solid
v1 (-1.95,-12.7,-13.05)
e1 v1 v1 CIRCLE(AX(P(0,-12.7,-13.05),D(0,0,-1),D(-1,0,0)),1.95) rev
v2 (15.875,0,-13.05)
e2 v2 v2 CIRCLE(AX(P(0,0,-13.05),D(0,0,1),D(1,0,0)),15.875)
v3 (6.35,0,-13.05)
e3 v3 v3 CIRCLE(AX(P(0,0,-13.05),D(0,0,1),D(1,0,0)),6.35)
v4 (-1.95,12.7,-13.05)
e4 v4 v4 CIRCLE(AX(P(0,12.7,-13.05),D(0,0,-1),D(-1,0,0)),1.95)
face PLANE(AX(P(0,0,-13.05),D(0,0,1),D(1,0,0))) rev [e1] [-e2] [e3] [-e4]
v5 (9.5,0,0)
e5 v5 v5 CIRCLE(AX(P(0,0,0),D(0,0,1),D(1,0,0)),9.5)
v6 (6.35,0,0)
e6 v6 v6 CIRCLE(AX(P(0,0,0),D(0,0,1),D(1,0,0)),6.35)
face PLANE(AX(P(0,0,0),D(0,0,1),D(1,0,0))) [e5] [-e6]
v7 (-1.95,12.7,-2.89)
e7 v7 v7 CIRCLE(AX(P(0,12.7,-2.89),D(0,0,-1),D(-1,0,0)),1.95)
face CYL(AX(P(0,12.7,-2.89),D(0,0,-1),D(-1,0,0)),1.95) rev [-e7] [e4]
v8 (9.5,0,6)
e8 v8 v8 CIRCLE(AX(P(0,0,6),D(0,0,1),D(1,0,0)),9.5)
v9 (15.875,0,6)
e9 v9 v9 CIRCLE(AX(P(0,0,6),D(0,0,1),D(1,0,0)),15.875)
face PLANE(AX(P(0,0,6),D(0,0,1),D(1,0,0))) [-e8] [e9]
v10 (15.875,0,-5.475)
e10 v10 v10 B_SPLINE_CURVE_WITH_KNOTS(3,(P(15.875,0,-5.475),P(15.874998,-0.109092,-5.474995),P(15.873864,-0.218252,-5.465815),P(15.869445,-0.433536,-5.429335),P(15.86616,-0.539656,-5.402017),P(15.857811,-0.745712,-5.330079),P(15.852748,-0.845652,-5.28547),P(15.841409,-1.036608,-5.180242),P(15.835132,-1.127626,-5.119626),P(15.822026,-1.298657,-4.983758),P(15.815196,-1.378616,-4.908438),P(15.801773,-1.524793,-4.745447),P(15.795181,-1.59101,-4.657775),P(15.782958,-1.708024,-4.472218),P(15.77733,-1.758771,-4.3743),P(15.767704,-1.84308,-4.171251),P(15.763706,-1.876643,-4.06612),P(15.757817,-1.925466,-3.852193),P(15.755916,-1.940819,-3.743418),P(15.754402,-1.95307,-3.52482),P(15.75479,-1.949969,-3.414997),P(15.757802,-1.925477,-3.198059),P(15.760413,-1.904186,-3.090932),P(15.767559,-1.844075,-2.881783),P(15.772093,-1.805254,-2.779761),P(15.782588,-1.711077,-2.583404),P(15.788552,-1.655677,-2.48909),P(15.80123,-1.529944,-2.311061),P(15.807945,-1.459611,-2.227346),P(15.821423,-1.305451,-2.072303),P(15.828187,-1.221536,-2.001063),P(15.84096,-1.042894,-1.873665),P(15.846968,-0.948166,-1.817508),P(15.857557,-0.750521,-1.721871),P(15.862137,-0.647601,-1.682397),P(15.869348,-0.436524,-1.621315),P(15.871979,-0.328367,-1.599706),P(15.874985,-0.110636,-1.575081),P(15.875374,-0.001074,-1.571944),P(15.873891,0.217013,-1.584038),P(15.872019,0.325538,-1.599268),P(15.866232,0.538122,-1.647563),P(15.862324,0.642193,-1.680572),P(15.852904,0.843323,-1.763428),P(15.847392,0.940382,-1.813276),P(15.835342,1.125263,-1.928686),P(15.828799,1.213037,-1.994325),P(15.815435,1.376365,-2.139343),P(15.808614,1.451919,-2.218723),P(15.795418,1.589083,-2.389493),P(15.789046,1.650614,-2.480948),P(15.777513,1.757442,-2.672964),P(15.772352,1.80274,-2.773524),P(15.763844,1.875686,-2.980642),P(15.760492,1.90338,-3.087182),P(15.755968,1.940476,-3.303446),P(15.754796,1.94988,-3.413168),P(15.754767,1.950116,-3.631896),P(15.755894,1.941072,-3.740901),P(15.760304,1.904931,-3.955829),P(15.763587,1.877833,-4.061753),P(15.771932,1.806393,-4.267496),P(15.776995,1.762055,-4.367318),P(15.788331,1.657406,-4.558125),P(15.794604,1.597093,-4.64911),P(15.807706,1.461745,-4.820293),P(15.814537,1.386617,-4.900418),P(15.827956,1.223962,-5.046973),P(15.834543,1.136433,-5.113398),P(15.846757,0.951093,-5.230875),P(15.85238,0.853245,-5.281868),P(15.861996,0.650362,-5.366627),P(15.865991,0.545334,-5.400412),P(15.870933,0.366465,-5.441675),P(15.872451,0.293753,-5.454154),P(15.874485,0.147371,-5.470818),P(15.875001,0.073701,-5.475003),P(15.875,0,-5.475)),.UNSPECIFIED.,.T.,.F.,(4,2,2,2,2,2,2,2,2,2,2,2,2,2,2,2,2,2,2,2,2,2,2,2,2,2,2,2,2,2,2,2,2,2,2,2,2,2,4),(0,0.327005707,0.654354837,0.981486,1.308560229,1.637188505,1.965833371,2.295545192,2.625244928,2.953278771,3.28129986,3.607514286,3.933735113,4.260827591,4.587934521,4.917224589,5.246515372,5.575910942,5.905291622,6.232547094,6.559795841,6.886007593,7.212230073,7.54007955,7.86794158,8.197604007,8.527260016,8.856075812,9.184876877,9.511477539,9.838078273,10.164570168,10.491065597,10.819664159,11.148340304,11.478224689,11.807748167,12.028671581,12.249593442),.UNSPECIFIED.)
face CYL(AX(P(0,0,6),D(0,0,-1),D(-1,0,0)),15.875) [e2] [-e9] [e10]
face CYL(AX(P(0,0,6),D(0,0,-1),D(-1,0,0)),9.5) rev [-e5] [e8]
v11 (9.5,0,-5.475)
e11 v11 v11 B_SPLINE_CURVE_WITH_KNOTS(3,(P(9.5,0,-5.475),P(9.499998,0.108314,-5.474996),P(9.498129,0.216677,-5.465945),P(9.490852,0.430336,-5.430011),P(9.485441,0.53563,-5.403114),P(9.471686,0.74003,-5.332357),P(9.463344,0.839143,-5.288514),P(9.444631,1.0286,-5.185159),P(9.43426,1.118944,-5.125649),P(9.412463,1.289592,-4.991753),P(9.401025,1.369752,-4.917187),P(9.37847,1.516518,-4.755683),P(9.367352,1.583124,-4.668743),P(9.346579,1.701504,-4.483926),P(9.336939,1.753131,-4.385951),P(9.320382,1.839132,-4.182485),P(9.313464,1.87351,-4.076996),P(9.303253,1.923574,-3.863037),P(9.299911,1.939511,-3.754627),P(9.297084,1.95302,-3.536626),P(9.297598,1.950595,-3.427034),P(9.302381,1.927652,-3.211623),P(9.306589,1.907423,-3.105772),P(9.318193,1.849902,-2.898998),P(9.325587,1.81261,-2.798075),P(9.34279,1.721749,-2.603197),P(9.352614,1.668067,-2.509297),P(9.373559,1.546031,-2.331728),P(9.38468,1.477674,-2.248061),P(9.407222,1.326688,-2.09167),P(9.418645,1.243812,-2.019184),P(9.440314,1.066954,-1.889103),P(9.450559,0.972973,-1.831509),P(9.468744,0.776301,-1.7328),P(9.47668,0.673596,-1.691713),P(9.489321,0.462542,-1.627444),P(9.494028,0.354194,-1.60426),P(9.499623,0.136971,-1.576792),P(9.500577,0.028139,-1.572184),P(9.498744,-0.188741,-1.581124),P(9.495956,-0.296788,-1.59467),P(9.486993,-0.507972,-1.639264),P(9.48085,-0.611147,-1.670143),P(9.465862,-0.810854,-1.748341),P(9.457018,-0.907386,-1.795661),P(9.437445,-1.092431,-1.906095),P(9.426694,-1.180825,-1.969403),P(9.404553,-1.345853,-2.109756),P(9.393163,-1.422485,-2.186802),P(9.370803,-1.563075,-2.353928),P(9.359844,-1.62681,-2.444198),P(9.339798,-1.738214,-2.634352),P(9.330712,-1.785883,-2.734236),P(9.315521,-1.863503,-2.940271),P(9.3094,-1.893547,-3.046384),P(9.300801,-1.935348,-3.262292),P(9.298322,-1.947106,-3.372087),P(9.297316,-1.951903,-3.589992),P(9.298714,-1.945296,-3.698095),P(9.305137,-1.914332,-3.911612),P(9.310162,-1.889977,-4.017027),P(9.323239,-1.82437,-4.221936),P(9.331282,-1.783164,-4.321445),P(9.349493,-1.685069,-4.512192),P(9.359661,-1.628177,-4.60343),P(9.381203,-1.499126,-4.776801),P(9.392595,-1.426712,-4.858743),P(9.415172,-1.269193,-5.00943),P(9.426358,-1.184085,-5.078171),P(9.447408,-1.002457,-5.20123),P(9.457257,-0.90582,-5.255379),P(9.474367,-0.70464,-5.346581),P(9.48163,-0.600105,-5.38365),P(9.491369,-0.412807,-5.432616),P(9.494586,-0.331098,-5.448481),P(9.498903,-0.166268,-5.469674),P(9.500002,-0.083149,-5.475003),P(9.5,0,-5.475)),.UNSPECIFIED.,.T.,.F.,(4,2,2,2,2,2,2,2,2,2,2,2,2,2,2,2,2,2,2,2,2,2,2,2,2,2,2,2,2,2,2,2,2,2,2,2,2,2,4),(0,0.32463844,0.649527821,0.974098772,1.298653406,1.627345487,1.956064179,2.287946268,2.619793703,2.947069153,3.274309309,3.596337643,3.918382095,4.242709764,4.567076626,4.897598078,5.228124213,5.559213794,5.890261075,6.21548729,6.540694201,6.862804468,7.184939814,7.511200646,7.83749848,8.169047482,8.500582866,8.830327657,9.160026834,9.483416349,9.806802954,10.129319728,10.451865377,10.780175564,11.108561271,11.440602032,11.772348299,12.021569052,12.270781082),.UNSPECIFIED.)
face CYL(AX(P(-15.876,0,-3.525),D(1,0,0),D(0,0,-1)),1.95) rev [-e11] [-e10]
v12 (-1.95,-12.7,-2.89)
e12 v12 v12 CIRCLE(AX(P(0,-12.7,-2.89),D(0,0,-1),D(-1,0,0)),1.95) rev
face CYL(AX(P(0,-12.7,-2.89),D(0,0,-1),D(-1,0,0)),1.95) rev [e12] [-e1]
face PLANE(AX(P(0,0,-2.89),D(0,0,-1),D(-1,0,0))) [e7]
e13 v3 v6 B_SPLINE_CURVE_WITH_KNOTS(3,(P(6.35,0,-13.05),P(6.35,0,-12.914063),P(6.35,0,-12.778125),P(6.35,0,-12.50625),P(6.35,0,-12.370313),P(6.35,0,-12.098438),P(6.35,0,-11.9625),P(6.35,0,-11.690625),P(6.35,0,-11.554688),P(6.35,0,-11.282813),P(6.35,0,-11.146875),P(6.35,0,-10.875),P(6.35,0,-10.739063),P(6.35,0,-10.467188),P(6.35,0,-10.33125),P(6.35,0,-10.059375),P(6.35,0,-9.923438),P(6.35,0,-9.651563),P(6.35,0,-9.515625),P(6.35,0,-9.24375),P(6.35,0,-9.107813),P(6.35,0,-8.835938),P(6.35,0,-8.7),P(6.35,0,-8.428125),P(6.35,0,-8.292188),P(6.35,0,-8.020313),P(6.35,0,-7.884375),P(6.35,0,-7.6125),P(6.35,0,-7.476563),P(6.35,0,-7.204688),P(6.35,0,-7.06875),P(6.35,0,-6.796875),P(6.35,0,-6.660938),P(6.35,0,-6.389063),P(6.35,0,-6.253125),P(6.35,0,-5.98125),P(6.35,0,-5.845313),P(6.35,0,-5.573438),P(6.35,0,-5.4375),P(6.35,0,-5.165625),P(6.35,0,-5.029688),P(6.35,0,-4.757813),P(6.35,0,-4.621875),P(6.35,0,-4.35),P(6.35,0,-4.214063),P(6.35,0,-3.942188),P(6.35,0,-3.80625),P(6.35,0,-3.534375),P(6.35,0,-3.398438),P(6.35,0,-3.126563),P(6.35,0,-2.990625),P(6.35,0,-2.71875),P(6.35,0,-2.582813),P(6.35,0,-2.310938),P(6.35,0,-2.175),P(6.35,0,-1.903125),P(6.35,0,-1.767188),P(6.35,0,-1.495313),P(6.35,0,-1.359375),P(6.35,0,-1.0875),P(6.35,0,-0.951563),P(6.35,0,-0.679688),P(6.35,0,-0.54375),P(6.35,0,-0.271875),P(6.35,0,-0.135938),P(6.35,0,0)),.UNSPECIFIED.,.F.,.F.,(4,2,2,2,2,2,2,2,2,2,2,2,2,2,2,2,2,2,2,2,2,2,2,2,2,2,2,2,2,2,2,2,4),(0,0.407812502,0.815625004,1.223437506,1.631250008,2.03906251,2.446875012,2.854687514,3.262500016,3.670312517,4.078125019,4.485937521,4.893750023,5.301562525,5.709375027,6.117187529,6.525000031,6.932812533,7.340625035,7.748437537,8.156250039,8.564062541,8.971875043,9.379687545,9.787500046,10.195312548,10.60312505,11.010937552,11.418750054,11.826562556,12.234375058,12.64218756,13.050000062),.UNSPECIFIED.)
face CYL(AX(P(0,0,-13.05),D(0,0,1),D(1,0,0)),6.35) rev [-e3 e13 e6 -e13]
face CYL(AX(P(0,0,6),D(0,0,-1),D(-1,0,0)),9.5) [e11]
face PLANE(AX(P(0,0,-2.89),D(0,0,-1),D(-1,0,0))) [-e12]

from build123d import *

# Parameters (mm, degrees)
SKETCH1_R               = 15.875
SKETCH1_R_2             = 9.5
BOSS_EXTRUDE1_DEPTH     = 6
BOSS_EXTRUDE2_START     = -13.050000062
SKETCH1_3_R             = 15.875
SKETCH1_3_R_2           = 9.5
SKETCH1_3_R_3           = 6.35
BOSS_EXTRUDE2_DEPTH     = 13.050000062
SKETCH3_R               = 1.95
CUT_EXTRUDE1_DEPTH      = 10.16
CUT_EXTRUDE2_REACH      = 39.82
CUT_EXTRUDE2_END_RADIUS = 9.5


with BuildPart() as part:
    # Sketch1 → Boss-Extrude1 (new body)
    with BuildSketch(Plane.XY):
        Circle(SKETCH1_R)
        Circle(SKETCH1_R_2, mode=Mode.SUBTRACT)
    extrude(amount=BOSS_EXTRUDE1_DEPTH)

    # Sketch1<3> → Boss-Extrude2 (add)
    # profile 1 of 2: a face of its own
    with BuildSketch(Plane.XY.offset(BOSS_EXTRUDE2_START)):
        Circle(SKETCH1_3_R)
        Circle(SKETCH1_3_R_2, mode=Mode.SUBTRACT)
    # profile 2 of 2: a face of its own
    with BuildSketch(Plane.XY.offset(BOSS_EXTRUDE2_START)):
        Circle(SKETCH1_3_R_2)
        Circle(SKETCH1_3_R_3, mode=Mode.SUBTRACT)
    extrude(amount=BOSS_EXTRUDE2_DEPTH)

    # Sketch3 → Cut-Extrude1 (cut)
    with BuildSketch(Plane(origin=(0, 0, -13.050000062), x_dir=(-1, 0, 0), z_dir=(0, 0, -1))):
        with Locations((0, 12.7)):
            Circle(SKETCH3_R)
        with Locations((0, -12.7)):
            Circle(SKETCH3_R)
    extrude(amount=-CUT_EXTRUDE1_DEPTH, mode=Mode.SUBTRACT)

    # Cut-Extrude2: up to this cylinder (the profile starts outside it)
    cut_extrude2_end = Plane(origin=(0, 0, -3.525), z_dir=(0, 0, -1)) * Cylinder(CUT_EXTRUDE2_END_RADIUS, 99.64, mode=Mode.PRIVATE)
    # Sketch4 → Cut-Extrude2 (cut, up to the surface)
    with BuildSketch(Plane(origin=(15.875, 0, 0), x_dir=(0, 0, -1), z_dir=(1, 0, 0)), mode=Mode.PRIVATE) as cut_extrude2_sk1:
        with BuildLine():
            ThreePointArc((5.475000031, 0), (3.525000031, 1.95), (1.575000031, 0))
            Line((1.575000031, 0), (5.475000031, 0))
        make_face()
    cut_extrude2_tool1 = extrude(cut_extrude2_sk1.sketch, amount=-CUT_EXTRUDE2_REACH, mode=Mode.PRIVATE) - cut_extrude2_end
    add(cut_extrude2_tool1.solids().sort_by_distance((15.875, 0.827606, -3.525))[0], mode=Mode.SUBTRACT)
    # Sketch4 → Cut-Extrude2 (cut, up to the surface)
    with BuildSketch(Plane(origin=(15.875, 0, 0), x_dir=(0, 0, -1), z_dir=(1, 0, 0)), mode=Mode.PRIVATE) as cut_extrude2_sk2:
        with BuildLine():
            Line((5.475000031, 0), (1.575000031, 0))
            ThreePointArc((1.575000031, 0), (3.525000031, -1.95), (5.475000031, 0))
        make_face()
    cut_extrude2_tool2 = extrude(cut_extrude2_sk2.sketch, amount=-CUT_EXTRUDE2_REACH, mode=Mode.PRIVATE) - cut_extrude2_end
    add(cut_extrude2_tool2.solids().sort_by_distance((15.875, -0.827606, -3.525))[0], mode=Mode.SUBTRACT)
    # Sketch4 → Cut-Extrude2 (cut, up to the surface)
    with BuildSketch(Plane(origin=(15.875, 0, 0), x_dir=(0, 0, -1), z_dir=(1, 0, 0)), mode=Mode.PRIVATE) as cut_extrude2_sk3:
        with BuildLine():
            ThreePointArc((5.475000031, 0), (3.525000031, 1.95), (1.575000031, 0))
            Line((1.575000031, 0), (5.475000031, 0))
        make_face()
    cut_extrude2_tool3 = extrude(cut_extrude2_sk3.sketch, amount=-CUT_EXTRUDE2_REACH, mode=Mode.PRIVATE) - cut_extrude2_end
    add(cut_extrude2_tool3.solids().sort_by_distance((15.875, 0.827606, -3.525))[0], mode=Mode.SUBTRACT)
    # Sketch4 → Cut-Extrude2 (cut, up to the surface)
    with BuildSketch(Plane(origin=(15.875, 0, 0), x_dir=(0, 0, -1), z_dir=(1, 0, 0)), mode=Mode.PRIVATE) as cut_extrude2_sk4:
        with BuildLine():
            Line((5.475000031, 0), (1.575000031, 0))
            ThreePointArc((1.575000031, 0), (3.525000031, -1.95), (5.475000031, 0))
        make_face()
    cut_extrude2_tool4 = extrude(cut_extrude2_sk4.sketch, amount=-CUT_EXTRUDE2_REACH, mode=Mode.PRIVATE) - cut_extrude2_end
    add(cut_extrude2_tool4.solids().sort_by_distance((15.875, -0.827606, -3.525))[0], mode=Mode.SUBTRACT)


solid = part.part
